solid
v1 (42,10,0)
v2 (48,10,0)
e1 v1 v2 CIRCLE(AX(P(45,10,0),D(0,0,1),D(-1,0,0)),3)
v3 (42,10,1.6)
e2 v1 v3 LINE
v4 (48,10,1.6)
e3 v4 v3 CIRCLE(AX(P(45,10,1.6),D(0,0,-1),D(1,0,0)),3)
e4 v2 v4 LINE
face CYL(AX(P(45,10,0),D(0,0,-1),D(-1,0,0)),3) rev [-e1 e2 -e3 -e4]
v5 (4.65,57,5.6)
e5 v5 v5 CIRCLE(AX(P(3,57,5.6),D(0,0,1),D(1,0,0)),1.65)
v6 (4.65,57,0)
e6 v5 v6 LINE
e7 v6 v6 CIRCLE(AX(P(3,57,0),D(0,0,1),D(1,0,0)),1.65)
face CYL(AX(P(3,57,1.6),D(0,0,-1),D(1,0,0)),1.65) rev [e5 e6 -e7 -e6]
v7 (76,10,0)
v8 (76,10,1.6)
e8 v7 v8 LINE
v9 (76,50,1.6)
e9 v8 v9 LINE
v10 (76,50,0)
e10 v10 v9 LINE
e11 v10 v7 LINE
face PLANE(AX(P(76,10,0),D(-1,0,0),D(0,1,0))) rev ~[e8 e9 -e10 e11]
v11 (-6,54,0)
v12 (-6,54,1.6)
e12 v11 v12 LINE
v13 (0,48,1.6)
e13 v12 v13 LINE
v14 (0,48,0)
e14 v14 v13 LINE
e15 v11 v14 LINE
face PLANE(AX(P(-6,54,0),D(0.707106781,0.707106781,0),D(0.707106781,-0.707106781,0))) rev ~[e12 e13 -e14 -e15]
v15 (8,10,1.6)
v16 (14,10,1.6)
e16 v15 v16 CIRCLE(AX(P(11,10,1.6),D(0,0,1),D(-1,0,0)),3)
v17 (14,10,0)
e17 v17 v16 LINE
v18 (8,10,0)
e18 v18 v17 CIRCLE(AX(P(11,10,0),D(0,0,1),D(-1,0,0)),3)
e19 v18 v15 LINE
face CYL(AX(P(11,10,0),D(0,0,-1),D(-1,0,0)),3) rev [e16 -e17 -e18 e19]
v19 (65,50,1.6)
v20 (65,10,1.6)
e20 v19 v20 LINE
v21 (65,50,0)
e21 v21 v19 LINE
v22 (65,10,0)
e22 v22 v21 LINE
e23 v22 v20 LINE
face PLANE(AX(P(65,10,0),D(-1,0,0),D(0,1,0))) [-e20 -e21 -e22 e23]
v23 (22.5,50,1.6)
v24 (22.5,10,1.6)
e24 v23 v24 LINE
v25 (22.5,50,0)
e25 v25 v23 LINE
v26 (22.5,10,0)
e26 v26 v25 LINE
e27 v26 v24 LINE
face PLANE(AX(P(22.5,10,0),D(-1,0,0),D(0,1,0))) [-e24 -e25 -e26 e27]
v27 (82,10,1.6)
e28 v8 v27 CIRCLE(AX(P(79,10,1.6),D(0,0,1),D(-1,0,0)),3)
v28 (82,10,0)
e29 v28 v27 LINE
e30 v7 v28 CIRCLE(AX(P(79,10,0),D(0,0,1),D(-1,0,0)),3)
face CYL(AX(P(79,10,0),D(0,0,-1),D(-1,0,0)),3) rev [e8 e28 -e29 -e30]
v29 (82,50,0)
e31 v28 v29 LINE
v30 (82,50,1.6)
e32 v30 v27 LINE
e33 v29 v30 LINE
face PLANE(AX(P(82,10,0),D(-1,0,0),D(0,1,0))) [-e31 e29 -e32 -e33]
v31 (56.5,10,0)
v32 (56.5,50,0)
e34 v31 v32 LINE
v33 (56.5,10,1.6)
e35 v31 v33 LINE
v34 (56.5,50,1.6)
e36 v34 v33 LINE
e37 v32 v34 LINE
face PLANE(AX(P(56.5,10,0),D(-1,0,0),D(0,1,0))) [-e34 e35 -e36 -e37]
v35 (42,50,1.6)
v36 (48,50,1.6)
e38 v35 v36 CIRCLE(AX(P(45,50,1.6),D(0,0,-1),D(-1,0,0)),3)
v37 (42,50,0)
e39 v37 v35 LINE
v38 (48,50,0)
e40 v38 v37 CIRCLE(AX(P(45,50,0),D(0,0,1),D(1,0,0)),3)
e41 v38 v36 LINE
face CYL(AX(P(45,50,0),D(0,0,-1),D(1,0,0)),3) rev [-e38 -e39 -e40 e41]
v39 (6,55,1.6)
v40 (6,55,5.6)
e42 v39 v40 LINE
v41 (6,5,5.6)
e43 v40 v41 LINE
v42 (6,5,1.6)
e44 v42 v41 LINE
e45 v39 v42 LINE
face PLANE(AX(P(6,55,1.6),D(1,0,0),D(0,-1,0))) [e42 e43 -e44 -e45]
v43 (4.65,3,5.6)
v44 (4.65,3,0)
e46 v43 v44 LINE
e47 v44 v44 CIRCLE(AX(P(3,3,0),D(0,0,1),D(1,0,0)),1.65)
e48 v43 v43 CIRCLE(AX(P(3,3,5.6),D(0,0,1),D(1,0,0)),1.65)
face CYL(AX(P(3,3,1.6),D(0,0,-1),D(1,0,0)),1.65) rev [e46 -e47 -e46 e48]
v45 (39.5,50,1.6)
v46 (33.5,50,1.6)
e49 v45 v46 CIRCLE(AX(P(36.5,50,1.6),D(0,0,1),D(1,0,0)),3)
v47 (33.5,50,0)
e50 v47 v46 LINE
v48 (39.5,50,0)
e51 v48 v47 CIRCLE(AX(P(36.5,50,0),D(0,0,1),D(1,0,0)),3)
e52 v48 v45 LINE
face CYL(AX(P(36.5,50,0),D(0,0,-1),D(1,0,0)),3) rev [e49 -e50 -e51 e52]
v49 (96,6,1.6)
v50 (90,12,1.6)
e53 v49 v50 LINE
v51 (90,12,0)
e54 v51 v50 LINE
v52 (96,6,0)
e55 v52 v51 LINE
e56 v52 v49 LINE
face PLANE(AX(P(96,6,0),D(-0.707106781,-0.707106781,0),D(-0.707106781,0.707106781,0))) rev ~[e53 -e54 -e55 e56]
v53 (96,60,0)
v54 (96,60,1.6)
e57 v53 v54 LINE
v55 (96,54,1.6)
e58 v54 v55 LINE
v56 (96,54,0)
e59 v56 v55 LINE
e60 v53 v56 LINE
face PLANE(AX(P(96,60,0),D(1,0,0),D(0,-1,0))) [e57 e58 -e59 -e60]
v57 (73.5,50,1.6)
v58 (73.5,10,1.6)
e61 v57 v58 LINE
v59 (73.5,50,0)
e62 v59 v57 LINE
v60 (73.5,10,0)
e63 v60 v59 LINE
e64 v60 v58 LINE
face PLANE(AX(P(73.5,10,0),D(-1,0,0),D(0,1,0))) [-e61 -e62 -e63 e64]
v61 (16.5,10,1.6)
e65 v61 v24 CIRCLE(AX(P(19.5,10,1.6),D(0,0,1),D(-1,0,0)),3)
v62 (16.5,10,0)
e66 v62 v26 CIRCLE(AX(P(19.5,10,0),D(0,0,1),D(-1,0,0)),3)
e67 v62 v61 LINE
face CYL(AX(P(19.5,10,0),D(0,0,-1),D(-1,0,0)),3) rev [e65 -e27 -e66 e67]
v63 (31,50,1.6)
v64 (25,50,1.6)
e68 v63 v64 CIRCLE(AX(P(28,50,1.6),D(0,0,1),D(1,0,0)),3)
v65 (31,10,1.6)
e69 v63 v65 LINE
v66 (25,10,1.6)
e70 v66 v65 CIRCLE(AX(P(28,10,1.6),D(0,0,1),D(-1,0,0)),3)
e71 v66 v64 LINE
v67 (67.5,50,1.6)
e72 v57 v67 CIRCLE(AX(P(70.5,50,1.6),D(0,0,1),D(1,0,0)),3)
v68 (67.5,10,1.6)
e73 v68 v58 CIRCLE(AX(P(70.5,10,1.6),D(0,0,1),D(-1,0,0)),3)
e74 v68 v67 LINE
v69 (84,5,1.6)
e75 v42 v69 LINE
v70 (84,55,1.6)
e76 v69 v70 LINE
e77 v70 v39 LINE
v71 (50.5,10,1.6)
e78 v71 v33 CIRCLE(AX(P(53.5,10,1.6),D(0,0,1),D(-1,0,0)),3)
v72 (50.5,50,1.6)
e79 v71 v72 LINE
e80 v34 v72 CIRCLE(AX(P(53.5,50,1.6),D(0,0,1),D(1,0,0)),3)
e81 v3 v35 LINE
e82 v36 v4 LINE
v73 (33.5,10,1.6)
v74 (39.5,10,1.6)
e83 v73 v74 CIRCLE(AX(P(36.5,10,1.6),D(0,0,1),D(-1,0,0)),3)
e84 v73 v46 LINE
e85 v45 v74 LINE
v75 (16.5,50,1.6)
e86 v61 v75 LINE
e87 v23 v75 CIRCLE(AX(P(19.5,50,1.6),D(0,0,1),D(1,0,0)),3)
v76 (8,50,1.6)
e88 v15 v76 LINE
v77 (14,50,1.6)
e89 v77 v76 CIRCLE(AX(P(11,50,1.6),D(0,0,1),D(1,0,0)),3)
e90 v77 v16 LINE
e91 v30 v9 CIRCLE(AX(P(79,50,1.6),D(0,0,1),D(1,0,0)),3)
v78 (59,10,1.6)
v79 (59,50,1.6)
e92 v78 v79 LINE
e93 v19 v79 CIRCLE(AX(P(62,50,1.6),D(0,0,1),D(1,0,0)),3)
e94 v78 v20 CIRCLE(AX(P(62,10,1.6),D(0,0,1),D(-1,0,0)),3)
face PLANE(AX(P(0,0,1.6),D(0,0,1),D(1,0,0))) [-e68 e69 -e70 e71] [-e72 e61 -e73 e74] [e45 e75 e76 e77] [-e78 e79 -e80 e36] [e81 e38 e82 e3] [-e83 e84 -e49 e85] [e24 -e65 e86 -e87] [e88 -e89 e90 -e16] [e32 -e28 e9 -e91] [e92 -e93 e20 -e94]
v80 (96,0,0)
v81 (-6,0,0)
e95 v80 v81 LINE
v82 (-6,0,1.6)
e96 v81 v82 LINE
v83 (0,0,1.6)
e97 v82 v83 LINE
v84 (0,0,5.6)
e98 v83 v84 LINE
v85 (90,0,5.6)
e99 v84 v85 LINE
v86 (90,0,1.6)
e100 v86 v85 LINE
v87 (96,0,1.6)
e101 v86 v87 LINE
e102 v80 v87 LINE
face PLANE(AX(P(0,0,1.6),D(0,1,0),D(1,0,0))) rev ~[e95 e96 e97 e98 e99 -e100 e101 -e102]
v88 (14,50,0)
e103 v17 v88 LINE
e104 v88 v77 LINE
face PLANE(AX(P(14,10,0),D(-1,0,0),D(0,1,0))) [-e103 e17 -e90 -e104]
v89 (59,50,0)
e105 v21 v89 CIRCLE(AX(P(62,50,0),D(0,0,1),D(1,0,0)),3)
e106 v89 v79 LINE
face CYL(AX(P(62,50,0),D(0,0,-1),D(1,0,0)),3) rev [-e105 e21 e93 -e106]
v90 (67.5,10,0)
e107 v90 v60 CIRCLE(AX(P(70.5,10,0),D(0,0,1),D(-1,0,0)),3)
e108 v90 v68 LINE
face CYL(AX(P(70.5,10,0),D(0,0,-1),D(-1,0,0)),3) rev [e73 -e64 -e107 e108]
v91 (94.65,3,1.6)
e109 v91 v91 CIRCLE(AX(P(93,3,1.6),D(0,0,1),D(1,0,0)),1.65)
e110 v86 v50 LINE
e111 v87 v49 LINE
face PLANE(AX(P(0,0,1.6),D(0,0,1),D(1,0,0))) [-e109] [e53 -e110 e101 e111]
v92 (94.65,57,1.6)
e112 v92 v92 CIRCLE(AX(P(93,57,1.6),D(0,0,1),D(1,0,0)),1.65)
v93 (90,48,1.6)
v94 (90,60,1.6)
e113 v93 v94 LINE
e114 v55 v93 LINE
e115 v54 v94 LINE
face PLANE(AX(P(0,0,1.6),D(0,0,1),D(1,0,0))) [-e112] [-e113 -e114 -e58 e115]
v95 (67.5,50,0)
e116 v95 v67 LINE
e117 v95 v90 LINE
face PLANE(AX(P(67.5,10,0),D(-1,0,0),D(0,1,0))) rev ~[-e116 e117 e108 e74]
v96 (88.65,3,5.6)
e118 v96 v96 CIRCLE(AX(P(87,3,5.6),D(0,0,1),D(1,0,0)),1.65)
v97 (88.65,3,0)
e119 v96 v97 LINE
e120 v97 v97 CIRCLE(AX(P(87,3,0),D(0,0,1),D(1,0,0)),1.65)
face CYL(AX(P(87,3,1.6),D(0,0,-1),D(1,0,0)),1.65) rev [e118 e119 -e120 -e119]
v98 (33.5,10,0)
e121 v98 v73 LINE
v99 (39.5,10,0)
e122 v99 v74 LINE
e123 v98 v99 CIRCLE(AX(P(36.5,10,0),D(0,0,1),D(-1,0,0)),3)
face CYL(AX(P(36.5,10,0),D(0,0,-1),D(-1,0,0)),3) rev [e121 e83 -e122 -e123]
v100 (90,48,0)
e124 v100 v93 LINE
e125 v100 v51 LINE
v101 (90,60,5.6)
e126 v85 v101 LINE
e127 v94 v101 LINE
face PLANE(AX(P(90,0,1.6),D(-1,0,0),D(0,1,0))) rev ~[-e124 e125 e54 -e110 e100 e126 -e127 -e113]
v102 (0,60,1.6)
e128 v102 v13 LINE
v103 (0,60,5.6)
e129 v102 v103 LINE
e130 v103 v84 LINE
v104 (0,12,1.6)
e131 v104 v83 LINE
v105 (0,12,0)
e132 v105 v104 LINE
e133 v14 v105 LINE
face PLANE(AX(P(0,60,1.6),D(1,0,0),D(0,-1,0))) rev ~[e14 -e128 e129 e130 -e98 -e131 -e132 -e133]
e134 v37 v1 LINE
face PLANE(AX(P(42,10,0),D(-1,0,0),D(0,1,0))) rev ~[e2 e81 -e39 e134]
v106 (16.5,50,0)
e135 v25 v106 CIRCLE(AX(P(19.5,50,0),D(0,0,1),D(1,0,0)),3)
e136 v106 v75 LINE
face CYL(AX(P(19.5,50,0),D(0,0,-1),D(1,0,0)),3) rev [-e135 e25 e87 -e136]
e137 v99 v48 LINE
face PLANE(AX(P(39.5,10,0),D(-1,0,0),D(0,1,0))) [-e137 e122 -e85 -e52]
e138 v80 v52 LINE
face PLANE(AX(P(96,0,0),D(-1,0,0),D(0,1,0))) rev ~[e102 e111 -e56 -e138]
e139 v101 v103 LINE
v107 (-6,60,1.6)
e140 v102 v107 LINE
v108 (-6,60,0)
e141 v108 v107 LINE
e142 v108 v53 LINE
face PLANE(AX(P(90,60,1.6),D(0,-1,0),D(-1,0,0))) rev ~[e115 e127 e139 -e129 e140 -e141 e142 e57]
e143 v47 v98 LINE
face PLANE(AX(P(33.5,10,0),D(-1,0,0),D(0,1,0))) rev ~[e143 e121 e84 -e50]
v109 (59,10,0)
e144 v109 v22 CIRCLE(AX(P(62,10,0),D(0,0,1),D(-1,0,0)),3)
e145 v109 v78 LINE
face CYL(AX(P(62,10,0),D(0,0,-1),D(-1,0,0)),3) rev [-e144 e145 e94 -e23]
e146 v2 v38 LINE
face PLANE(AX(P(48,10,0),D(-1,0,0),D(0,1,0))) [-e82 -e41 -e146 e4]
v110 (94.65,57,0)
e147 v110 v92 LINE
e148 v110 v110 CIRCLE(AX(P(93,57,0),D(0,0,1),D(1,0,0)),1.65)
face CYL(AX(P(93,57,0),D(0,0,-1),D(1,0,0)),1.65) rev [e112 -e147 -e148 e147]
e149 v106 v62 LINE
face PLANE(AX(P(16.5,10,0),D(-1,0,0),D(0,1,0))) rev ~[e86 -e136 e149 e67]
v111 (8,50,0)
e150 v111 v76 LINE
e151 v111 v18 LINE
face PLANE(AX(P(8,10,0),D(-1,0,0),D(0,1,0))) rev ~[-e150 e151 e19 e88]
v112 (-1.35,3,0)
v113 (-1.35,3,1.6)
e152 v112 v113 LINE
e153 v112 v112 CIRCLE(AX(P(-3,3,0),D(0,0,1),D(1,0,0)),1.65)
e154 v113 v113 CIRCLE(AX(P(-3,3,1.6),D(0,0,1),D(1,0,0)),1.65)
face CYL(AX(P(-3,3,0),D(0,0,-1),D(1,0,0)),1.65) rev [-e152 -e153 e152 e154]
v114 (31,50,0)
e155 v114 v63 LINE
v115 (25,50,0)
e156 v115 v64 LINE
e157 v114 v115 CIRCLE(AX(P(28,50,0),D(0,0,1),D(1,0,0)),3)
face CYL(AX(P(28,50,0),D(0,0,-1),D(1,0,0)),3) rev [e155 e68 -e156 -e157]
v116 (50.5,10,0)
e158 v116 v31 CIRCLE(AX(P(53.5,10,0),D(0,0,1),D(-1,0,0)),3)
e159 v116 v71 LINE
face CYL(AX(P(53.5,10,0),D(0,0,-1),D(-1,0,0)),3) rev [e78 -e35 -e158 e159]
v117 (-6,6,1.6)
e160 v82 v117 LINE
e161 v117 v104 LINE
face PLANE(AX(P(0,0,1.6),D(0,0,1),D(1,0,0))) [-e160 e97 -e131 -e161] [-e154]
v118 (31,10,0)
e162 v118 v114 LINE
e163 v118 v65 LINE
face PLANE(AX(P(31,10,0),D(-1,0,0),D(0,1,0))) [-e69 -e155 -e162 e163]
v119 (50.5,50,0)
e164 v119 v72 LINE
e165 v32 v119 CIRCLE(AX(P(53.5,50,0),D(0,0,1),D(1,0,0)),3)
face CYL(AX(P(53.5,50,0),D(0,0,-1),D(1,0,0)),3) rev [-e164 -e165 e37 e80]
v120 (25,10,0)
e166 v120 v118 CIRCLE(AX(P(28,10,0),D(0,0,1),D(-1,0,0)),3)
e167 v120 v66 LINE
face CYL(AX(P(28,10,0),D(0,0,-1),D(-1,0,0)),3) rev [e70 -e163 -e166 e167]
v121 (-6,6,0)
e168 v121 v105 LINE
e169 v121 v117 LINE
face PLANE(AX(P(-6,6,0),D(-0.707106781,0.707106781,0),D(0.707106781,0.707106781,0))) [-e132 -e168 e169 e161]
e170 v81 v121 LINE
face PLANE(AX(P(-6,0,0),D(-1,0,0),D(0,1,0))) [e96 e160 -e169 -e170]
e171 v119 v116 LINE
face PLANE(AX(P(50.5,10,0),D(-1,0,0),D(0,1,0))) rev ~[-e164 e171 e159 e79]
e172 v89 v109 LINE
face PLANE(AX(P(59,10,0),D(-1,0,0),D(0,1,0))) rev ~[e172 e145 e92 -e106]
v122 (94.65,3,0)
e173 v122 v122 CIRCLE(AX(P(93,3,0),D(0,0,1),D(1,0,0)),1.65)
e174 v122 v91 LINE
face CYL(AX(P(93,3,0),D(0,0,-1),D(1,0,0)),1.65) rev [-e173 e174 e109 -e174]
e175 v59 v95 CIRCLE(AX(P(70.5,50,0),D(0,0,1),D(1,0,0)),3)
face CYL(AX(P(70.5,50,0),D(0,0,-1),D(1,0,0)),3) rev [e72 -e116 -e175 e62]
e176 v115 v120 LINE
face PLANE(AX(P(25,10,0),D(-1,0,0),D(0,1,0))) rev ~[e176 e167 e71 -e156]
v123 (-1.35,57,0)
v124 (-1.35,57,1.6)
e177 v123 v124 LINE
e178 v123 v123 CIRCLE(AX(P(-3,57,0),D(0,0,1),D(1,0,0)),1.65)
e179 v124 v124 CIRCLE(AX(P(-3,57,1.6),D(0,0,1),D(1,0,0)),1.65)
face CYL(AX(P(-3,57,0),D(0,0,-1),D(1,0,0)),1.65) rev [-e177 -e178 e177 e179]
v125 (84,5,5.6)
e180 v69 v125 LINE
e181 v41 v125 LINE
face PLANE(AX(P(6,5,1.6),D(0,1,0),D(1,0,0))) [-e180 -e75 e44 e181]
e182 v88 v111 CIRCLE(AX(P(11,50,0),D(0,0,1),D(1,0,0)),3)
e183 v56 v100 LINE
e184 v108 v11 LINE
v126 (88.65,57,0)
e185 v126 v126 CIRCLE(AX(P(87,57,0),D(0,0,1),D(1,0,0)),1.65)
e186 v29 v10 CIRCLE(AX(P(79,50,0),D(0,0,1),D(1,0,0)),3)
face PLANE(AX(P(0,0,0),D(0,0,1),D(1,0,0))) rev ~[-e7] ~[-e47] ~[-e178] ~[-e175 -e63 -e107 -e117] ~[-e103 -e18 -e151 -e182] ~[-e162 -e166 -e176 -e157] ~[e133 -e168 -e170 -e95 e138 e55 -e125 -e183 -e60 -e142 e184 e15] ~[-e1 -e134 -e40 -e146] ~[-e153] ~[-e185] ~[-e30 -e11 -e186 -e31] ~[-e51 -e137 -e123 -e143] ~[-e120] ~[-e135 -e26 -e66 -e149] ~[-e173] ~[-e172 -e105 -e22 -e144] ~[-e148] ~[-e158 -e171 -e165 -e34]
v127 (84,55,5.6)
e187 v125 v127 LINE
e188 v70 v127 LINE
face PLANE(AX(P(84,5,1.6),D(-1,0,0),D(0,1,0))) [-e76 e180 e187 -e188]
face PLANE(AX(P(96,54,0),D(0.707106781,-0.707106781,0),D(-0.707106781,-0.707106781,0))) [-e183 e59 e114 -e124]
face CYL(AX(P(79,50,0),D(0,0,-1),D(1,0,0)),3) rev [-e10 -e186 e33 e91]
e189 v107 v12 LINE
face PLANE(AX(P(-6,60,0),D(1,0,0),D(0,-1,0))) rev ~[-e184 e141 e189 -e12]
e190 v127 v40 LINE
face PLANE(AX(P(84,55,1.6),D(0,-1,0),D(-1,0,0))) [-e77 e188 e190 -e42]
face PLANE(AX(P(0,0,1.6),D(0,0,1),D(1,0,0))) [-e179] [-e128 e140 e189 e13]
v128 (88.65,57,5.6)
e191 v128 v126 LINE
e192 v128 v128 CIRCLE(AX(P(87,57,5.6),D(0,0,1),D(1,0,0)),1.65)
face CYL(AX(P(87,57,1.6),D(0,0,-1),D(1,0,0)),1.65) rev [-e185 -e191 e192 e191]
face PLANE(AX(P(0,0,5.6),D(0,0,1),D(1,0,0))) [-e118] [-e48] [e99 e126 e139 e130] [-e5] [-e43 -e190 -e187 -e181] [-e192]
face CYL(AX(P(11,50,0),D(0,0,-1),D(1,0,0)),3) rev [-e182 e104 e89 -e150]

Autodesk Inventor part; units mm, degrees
ref_plane "YZ Plane" through (0, 0, 0) normal (1, 0, 0) x (0, 1, 0)
ref_plane "XZ Plane" through (0, 0, 0) normal (0, 1, 0) x (-1, 0, 0)
ref_plane "XY Plane" through (0, 0, 0) normal (0, 0, 1) x (1, 0, 0)
sketch "Sketch1" plane through (0, 0, 0) normal (0, 0, 1) x (1, 0, 0)
  line L0 (0, 0) -> (90, 0)
  line L1 (90, 0) -> (90, 60)
  line L2 (90, 60) -> (0, 60)
  line L3 (0, 60) -> (0, 0)
  line L4 (-10, 30) -> (100, 30)
  line L5 (8, 10) -> (8, 50)
  line L6 (14, 10) -> (14, 50)
  arc A0 (14, 50) -> (8, 50) centre (11, 50) ccw
  arc A1 (8, 10) -> (14, 10) centre (11, 10) ccw
  arc A2 (22.5, 50) -> (16.5, 50) centre (19.5, 50) ccw
  line L7 (16.5, 10) -> (16.5, 50)
  line L8 (22.5, 10) -> (22.5, 50)
  arc A3 (16.5, 10) -> (22.5, 10) centre (19.5, 10) ccw
  arc A4 (31, 50) -> (25, 50) centre (28, 50) ccw
  line L9 (25, 10) -> (25, 50)
  line L10 (31, 10) -> (31, 50)
  arc A5 (25, 10) -> (31, 10) centre (28, 10) ccw
  arc A6 (39.5, 50) -> (33.5, 50) centre (36.5, 50) ccw
  line L11 (33.5, 10) -> (33.5, 50)
  line L12 (39.5, 10) -> (39.5, 50)
  arc A7 (33.5, 10) -> (39.5, 10) centre (36.5, 10) ccw
  arc A8 (48, 50) -> (42, 50) centre (45, 50) ccw
  line L13 (42, 10) -> (42, 50)
  line L14 (48, 10) -> (48, 50)
  arc A9 (42, 10) -> (48, 10) centre (45, 10) ccw
  arc A10 (56.5, 50) -> (50.5, 50) centre (53.5, 50) ccw
  line L15 (50.5, 10) -> (50.5, 50)
  line L16 (56.5, 10) -> (56.5, 50)
  arc A11 (50.5, 10) -> (56.5, 10) centre (53.5, 10) ccw
  line L17 (0, 60) -> (-6, 60)
  line L18 (-6, 60) -> (-6, 54)
  line L19 (-6, 54) -> (0, 48)
  line L20 (0, 0) -> (-6, 0)
  line L21 (-6, 0) -> (-6, 6)
  line L22 (-6, 6) -> (0, 12)
  line L23 (90, 60) -> (96, 60)
  line L24 (96, 60) -> (96, 54)
  line L25 (96, 54) -> (90, 48)
  line L26 (90, 0) -> (96, 0)
  line L27 (96, 0) -> (96, 6)
  line L28 (96, 6) -> (90, 12)
  circle A12 centre (3, 57) radius 1.65
  circle A13 centre (-3, 57) radius 1.65
  line L29 (45, 72.0135) -> (45, -11.3556)
  circle A14 centre (93, 57) radius 1.65
  circle A15 centre (-3, 3) radius 1.65
  circle A16 centre (93, 3) radius 1.65
  circle A17 centre (87, 57) radius 1.65
  circle A18 centre (3, 3) radius 1.65
  circle A19 centre (87, 3) radius 1.65
  arc A20 (65, 50) -> (59, 50) centre (62, 50) ccw
  line L30 (59, 10) -> (59, 50)
  line L31 (65, 10) -> (65, 50)
  arc A21 (59, 10) -> (65, 10) centre (62, 10) ccw
  arc A22 (73.5, 50) -> (67.5, 50) centre (70.5, 50) ccw
  line L32 (67.5, 10) -> (67.5, 50)
  line L33 (73.5, 10) -> (73.5, 50)
  arc A23 (67.5, 10) -> (73.5, 10) centre (70.5, 10) ccw
  arc A24 (82, 50) -> (76, 50) centre (79, 50) ccw
  line L34 (76, 10) -> (76, 50)
  line L35 (82, 10) -> (82, 50)
  arc A25 (76, 10) -> (82, 10) centre (79, 10) ccw
  dimension "d0" = 90
  dimension "d1" = 60
  dimension "d2" = 110
  dimension "d3" = 60
  dimension "d4" = 10
  dimension "d5" = 8
  dimension "d6" = 6
  dimension "d7" = 40
  dimension "d8" = 40
  dimension "d9" = 10
  dimension "d10" = 10
  dimension "d13" = 8.5
  dimension "d18" = 6
  dimension "d19" = 6
  dimension "d20" = 6
  dimension "d21" = 6
  dimension "d22" = 6
  dimension "d23" = 6
  dimension "d24" = 6
  dimension "d25" = 6
  dimension "d26" = 6
  dimension "d27" = 6
  dimension "d28" = 6
  dimension "d29" = 6
  dimension "d30" = 3.3
  dimension "d31" = 3.3
  dimension "d32" = 3
  dimension "d33" = 3
  dimension "d34" = 90
  dimension "d37" = 96
  dimension "d40" = 54
  dimension "d43" = 3
  dimension "d44" = 3
  dimension "d47" = 84
  dimension "d50" = 54
extrude "Extrusion1" add sketch "Sketch1" along normal blind 1.6 contours L3 L4 L5 A1 L6 L7 A3 L8 L9 A5 L10 L11 A7 L12 L13 A9 L29 L0 | L20 L21 L22 L3 | L29 A9 L14 L4 L15 A11 L16 L30 A21 L31 L32 A23 L33 L34 A25 L35 L1 L0 | L1 L28 L27 L26 | L3 L2 L29 A8 L13 L4 L12 A6 L11 L10 A4 L9 L8 A2 L7 L6 A0 L5 | L19 L18 L17 L3 | L4 L35 A24 L34 L33 A22 L32 L31 A20 L30 L16 A10 L15 L14 A8 L29 L2 L1 | L1 L23 L24 L25
sketch "Sketch2" plane through (0, 0, 1.6) normal (0, 0, 1) x (1, 0, 0)
  line L0 (96, 60) -> (-6, 60) projected
  line L1 (0, 0) -> (90, 0)
  line L2 (90, 0) -> (90, 60)
  line L3 (90, 60) -> (0, 60)
  line L4 (0, 60) -> (0, 0)
  line L5 (6, 5) -> (84, 5)
  line L6 (84, 5) -> (84, 55)
  line L7 (84, 55) -> (6, 55)
  line L8 (6, 55) -> (6, 5)
  circle A0 centre (3, 3) radius 1.65 projected
  circle A1 centre (3, 3) radius 1.65
  circle A2 centre (3, 57) radius 1.65 projected
  circle A3 centre (3, 57) radius 1.65
  circle A4 centre (87, 57) radius 1.65 projected
  circle A5 centre (87, 57) radius 1.65
  circle A6 centre (87, 3) radius 1.65 projected
  circle A7 centre (87, 3) radius 1.65
  point P0 (0, 60)
  dimension "d55" = 90
  dimension "d56" = 78
  dimension "d57" = 50
  dimension "d58" = 5
  dimension "d59" = 6
extrude "Extrusion2" add sketch "Sketch2" along normal blind 4
properties part number "IntakeFilterTop" material "PBT Plastic"
